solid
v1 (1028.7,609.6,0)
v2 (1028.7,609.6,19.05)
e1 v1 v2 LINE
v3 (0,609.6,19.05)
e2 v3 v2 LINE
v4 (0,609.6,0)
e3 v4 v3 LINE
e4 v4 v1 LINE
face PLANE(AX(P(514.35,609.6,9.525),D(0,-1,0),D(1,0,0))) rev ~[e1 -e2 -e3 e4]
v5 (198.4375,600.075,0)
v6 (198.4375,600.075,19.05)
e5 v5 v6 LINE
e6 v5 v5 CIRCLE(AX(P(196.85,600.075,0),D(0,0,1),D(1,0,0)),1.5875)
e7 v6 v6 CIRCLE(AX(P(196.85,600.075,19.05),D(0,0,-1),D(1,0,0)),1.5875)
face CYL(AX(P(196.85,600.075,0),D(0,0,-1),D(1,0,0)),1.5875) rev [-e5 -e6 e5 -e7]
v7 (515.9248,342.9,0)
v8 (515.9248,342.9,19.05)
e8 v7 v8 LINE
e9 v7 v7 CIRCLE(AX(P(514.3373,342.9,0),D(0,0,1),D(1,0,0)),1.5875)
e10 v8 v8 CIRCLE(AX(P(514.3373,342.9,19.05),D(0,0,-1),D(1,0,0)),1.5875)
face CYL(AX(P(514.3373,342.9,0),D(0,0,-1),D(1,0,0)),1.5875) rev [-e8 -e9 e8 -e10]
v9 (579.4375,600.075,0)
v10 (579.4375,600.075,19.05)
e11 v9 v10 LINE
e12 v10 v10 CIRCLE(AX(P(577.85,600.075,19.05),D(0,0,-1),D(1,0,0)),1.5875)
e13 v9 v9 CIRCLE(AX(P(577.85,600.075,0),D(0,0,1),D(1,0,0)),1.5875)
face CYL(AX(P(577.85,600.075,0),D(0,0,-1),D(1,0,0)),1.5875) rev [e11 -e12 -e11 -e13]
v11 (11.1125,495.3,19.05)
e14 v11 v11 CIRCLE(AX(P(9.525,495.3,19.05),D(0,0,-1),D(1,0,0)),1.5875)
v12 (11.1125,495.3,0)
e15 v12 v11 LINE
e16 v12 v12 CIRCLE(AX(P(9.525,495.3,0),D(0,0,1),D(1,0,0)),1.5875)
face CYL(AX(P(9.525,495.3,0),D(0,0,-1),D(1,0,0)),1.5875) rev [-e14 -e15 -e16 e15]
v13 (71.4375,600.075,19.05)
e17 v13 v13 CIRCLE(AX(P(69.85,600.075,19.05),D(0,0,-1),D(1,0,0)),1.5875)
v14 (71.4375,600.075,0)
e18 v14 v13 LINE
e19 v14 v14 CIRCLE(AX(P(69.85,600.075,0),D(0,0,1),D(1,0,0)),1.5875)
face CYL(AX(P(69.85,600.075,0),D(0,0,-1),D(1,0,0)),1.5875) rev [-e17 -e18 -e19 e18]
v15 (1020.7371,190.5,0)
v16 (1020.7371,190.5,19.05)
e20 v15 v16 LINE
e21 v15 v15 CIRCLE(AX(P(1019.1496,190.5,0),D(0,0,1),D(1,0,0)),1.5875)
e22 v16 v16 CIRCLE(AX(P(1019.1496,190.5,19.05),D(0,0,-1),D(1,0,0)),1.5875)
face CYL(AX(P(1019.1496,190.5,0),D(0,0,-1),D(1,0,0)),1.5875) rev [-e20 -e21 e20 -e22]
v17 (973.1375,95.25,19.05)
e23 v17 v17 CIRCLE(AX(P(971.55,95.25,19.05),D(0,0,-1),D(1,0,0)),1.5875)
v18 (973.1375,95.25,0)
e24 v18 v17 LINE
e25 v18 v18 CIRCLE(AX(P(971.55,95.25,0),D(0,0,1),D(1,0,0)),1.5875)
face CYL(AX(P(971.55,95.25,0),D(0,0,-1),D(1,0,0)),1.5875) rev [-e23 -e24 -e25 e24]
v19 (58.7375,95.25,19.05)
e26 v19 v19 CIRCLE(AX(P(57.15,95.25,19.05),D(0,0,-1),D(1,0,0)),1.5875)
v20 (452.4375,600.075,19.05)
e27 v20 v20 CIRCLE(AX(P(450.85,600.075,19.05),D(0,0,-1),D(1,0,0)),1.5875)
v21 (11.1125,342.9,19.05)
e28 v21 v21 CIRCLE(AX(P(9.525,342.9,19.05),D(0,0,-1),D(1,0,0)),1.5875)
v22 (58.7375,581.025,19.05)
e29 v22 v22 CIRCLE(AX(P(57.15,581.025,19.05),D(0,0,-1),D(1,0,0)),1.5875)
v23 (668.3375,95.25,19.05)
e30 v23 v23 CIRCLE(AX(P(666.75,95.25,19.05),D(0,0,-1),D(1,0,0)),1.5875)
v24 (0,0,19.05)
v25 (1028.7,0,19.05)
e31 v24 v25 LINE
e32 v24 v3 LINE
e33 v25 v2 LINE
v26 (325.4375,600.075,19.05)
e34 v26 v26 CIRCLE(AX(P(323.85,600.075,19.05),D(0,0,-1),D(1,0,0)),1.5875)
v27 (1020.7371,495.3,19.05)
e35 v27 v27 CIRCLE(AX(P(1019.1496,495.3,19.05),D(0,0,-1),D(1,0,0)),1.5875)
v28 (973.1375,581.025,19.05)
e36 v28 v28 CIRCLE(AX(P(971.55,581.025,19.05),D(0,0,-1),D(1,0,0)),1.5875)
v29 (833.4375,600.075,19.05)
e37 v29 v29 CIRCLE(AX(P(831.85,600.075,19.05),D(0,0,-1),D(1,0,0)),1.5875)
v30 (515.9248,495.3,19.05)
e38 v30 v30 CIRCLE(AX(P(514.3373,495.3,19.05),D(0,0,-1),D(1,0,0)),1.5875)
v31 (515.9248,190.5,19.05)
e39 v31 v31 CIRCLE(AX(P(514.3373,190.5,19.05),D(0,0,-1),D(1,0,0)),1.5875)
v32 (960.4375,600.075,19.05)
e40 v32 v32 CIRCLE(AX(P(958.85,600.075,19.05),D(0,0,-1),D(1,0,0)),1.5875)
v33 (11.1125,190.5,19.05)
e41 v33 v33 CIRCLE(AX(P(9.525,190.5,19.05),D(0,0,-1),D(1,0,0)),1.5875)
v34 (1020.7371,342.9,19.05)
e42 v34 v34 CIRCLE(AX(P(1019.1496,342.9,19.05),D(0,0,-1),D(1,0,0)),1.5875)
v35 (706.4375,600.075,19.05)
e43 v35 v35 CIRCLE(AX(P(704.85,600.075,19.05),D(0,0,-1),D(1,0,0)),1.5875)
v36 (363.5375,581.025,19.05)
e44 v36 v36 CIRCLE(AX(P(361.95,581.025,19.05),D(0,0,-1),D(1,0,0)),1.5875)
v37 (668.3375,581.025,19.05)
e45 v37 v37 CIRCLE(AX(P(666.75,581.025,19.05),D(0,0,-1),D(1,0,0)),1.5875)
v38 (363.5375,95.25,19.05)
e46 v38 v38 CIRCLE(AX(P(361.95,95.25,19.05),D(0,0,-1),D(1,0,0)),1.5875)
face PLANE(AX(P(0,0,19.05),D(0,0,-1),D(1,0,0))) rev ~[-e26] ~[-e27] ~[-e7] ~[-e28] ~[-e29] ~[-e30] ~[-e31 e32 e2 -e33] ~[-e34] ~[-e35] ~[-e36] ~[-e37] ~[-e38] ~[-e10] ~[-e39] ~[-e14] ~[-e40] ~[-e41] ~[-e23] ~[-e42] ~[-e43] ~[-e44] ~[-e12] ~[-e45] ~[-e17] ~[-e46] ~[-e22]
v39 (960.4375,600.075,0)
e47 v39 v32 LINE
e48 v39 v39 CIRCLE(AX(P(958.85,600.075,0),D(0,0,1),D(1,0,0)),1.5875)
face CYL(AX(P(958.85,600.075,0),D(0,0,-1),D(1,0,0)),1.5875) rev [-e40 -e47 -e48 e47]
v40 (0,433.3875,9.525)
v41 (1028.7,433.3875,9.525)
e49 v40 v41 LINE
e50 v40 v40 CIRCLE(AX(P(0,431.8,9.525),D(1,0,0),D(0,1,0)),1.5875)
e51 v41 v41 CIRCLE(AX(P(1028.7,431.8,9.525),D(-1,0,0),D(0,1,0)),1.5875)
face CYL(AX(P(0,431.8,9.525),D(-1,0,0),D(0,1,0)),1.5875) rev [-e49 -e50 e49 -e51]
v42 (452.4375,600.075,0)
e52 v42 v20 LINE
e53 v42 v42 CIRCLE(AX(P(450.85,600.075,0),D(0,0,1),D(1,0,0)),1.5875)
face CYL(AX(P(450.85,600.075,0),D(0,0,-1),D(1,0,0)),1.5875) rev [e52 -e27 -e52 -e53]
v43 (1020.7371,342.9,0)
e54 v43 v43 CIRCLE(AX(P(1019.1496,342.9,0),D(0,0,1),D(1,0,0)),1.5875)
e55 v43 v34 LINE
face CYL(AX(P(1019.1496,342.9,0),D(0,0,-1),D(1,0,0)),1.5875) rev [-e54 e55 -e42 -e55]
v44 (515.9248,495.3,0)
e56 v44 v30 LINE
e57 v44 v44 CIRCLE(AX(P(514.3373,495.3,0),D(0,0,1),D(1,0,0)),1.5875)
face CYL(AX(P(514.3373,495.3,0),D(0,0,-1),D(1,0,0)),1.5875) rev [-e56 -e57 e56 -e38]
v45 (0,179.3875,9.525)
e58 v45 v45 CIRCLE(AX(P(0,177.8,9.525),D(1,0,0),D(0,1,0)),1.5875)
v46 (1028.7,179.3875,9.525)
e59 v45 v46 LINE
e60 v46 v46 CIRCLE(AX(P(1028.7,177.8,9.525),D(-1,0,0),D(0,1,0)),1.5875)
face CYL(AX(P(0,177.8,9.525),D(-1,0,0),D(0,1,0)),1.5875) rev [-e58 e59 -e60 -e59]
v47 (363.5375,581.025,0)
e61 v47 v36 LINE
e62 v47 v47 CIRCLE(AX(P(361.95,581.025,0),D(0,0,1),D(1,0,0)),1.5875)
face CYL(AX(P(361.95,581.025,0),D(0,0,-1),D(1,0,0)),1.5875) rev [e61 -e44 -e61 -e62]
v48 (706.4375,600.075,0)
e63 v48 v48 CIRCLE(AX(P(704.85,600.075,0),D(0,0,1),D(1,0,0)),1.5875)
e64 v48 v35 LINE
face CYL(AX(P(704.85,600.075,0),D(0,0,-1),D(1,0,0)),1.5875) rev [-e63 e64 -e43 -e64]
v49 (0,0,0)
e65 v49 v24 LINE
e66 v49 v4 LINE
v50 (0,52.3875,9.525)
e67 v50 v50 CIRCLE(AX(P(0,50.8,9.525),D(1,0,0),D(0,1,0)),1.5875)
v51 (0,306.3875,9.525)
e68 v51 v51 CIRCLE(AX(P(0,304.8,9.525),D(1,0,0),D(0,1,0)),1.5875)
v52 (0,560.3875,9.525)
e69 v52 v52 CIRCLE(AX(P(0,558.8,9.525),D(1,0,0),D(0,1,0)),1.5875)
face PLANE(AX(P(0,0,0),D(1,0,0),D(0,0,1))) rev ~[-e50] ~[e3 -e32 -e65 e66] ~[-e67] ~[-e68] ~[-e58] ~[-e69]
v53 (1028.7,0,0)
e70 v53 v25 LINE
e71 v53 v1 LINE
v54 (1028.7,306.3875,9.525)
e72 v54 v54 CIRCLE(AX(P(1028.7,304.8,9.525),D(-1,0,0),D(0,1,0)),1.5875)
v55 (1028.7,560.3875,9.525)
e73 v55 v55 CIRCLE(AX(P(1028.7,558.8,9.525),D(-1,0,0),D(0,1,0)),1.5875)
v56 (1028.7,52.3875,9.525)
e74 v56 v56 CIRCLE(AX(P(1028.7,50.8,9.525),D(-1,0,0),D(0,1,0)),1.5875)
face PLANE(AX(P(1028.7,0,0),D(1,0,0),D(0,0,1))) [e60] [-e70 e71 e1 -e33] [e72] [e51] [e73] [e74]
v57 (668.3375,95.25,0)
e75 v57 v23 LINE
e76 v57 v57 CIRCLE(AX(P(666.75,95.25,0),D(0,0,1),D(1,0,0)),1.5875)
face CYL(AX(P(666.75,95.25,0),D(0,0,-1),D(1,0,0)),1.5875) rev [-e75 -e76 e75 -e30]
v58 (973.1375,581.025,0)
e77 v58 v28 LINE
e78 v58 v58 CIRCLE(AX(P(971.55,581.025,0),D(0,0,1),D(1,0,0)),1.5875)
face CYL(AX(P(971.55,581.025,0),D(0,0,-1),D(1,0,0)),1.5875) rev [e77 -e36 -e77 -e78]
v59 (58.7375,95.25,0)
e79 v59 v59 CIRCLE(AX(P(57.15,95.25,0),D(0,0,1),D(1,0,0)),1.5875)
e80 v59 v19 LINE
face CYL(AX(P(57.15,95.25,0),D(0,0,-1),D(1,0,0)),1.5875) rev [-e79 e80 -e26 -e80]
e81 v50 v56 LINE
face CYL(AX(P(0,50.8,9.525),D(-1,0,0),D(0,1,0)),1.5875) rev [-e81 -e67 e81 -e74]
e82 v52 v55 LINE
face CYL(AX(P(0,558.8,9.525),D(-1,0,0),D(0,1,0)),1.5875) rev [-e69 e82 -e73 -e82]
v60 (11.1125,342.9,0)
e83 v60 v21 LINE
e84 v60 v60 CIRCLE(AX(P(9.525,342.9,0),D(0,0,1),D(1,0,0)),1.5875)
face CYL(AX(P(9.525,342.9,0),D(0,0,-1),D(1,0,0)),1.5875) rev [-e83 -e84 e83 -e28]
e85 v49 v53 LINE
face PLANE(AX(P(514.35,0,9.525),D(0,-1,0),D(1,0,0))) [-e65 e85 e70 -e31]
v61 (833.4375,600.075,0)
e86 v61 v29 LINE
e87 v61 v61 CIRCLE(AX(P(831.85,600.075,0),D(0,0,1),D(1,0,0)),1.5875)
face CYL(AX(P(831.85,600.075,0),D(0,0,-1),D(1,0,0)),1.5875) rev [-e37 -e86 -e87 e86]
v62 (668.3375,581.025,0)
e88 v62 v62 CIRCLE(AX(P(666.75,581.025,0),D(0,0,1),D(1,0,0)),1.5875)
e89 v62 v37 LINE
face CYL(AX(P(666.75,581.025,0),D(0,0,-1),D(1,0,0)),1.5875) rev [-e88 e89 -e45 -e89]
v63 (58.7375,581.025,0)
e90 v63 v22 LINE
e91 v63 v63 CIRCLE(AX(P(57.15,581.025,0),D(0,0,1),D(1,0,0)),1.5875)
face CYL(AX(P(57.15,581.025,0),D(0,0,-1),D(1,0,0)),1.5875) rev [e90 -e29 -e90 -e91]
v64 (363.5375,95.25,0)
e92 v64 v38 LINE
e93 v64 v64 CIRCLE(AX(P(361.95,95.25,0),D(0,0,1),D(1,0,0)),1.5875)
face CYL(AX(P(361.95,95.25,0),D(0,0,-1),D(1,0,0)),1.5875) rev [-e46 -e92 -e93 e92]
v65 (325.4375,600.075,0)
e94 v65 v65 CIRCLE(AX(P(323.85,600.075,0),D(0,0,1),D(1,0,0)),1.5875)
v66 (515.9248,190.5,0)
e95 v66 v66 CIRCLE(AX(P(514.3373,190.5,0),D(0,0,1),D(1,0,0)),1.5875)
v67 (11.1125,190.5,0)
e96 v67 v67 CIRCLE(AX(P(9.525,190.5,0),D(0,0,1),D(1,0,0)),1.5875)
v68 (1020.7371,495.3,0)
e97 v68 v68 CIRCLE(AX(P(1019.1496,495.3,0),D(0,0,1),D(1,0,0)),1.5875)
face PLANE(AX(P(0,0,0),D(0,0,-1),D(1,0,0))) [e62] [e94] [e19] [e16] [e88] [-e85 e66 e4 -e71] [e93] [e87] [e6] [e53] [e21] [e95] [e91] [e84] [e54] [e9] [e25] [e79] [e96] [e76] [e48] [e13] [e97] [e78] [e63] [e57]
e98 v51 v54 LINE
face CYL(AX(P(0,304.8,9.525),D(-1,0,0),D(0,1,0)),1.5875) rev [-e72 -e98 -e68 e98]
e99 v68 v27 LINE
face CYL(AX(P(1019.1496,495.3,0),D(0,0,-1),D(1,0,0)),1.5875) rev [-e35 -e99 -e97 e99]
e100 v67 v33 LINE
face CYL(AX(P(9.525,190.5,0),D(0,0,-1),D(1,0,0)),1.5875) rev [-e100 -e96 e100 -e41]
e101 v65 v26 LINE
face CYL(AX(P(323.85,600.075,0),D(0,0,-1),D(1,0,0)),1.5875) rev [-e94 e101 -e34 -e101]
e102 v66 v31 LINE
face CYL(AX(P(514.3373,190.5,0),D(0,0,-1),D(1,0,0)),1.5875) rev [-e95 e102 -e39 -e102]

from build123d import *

# Parameters (mm, degrees)
F0_W     = 1028.7
F0_H     = 19.05
F1_DEPTH = 609.6
F2_R     = 1.5875
F3_DEPTH = 19.051
F5_R     = 1.5875
F6_DEPTH = 1028.701
F4_R     = 1.5875
F7_DEPTH = 19.051
F8_R     = 1.5875
F9_DEPTH = 19.051


with BuildPart() as f1:
    # F0 (on Front) → F1 (new body)
    with BuildSketch(Plane.XZ):
        with Locations((514.35, 9.525)):
            Rectangle(F0_W, F0_H)
    extrude(amount=-F1_DEPTH)

    # F2 (on Top) → F3 (cut, through all)
    with BuildSketch(Plane.XY):
        with Locations((9.525, 495.3)):
            Circle(F2_R)
        with Locations((9.525, 342.9)):
            Circle(F2_R)
        with Locations((9.525, 190.5)):
            Circle(F2_R)
        with Locations((514.3373, 495.3)):
            Circle(F2_R)
        with Locations((514.3373, 342.9)):
            Circle(F2_R)
        with Locations((514.3373, 190.5)):
            Circle(F2_R)
        with Locations((1019.1496, 495.3)):
            Circle(F2_R)
        with Locations((1019.1496, 342.9)):
            Circle(F2_R)
        with Locations((1019.1496, 190.5)):
            Circle(F2_R)
    extrude(amount=F3_DEPTH, mode=Mode.SUBTRACT)

    # F5 (on Right) → F6 (cut, through all)
    with BuildSketch(Plane.YZ):
        with Locations((50.8, 9.525)):
            Circle(F5_R)
        with Locations((177.8, 9.525)):
            Circle(F5_R)
        with Locations((304.8, 9.525)):
            Circle(F5_R)
        with Locations((431.8, 9.525)):
            Circle(F5_R)
        with Locations((558.8, 9.525)):
            Circle(F5_R)
    extrude(amount=F6_DEPTH, mode=Mode.SUBTRACT)

    # F4 (on Top) → F7 (cut, through all)
    with BuildSketch(Plane.XY):
        with Locations((57.15, 581.025)):
            Circle(F4_R)
        with Locations((57.15, 95.25)):
            Circle(F4_R)
        with Locations((361.95, 581.025)):
            Circle(F4_R)
        with Locations((361.95, 95.25)):
            Circle(F4_R)
        with Locations((666.75, 581.025)):
            Circle(F4_R)
        with Locations((666.75, 95.25)):
            Circle(F4_R)
        with Locations((971.55, 581.025)):
            Circle(F4_R)
        with Locations((971.55, 95.25)):
            Circle(F4_R)
    extrude(amount=F7_DEPTH, mode=Mode.SUBTRACT)

    # F8 (on Top) → F9 (cut, through all)
    with BuildSketch(Plane.XY):
        with Locations((69.85, 600.075)):
            Circle(F8_R)
        with Locations((196.85, 600.075)):
            Circle(F8_R)
        with Locations((323.85, 600.075)):
            Circle(F8_R)
        with Locations((450.85, 600.075)):
            Circle(F8_R)
        with Locations((577.85, 600.075)):
            Circle(F8_R)
        with Locations((704.85, 600.075)):
            Circle(F8_R)
        with Locations((831.85, 600.075)):
            Circle(F8_R)
        with Locations((958.85, 600.075)):
            Circle(F8_R)
    extrude(amount=F9_DEPTH, mode=Mode.SUBTRACT)


solid = f1.part
